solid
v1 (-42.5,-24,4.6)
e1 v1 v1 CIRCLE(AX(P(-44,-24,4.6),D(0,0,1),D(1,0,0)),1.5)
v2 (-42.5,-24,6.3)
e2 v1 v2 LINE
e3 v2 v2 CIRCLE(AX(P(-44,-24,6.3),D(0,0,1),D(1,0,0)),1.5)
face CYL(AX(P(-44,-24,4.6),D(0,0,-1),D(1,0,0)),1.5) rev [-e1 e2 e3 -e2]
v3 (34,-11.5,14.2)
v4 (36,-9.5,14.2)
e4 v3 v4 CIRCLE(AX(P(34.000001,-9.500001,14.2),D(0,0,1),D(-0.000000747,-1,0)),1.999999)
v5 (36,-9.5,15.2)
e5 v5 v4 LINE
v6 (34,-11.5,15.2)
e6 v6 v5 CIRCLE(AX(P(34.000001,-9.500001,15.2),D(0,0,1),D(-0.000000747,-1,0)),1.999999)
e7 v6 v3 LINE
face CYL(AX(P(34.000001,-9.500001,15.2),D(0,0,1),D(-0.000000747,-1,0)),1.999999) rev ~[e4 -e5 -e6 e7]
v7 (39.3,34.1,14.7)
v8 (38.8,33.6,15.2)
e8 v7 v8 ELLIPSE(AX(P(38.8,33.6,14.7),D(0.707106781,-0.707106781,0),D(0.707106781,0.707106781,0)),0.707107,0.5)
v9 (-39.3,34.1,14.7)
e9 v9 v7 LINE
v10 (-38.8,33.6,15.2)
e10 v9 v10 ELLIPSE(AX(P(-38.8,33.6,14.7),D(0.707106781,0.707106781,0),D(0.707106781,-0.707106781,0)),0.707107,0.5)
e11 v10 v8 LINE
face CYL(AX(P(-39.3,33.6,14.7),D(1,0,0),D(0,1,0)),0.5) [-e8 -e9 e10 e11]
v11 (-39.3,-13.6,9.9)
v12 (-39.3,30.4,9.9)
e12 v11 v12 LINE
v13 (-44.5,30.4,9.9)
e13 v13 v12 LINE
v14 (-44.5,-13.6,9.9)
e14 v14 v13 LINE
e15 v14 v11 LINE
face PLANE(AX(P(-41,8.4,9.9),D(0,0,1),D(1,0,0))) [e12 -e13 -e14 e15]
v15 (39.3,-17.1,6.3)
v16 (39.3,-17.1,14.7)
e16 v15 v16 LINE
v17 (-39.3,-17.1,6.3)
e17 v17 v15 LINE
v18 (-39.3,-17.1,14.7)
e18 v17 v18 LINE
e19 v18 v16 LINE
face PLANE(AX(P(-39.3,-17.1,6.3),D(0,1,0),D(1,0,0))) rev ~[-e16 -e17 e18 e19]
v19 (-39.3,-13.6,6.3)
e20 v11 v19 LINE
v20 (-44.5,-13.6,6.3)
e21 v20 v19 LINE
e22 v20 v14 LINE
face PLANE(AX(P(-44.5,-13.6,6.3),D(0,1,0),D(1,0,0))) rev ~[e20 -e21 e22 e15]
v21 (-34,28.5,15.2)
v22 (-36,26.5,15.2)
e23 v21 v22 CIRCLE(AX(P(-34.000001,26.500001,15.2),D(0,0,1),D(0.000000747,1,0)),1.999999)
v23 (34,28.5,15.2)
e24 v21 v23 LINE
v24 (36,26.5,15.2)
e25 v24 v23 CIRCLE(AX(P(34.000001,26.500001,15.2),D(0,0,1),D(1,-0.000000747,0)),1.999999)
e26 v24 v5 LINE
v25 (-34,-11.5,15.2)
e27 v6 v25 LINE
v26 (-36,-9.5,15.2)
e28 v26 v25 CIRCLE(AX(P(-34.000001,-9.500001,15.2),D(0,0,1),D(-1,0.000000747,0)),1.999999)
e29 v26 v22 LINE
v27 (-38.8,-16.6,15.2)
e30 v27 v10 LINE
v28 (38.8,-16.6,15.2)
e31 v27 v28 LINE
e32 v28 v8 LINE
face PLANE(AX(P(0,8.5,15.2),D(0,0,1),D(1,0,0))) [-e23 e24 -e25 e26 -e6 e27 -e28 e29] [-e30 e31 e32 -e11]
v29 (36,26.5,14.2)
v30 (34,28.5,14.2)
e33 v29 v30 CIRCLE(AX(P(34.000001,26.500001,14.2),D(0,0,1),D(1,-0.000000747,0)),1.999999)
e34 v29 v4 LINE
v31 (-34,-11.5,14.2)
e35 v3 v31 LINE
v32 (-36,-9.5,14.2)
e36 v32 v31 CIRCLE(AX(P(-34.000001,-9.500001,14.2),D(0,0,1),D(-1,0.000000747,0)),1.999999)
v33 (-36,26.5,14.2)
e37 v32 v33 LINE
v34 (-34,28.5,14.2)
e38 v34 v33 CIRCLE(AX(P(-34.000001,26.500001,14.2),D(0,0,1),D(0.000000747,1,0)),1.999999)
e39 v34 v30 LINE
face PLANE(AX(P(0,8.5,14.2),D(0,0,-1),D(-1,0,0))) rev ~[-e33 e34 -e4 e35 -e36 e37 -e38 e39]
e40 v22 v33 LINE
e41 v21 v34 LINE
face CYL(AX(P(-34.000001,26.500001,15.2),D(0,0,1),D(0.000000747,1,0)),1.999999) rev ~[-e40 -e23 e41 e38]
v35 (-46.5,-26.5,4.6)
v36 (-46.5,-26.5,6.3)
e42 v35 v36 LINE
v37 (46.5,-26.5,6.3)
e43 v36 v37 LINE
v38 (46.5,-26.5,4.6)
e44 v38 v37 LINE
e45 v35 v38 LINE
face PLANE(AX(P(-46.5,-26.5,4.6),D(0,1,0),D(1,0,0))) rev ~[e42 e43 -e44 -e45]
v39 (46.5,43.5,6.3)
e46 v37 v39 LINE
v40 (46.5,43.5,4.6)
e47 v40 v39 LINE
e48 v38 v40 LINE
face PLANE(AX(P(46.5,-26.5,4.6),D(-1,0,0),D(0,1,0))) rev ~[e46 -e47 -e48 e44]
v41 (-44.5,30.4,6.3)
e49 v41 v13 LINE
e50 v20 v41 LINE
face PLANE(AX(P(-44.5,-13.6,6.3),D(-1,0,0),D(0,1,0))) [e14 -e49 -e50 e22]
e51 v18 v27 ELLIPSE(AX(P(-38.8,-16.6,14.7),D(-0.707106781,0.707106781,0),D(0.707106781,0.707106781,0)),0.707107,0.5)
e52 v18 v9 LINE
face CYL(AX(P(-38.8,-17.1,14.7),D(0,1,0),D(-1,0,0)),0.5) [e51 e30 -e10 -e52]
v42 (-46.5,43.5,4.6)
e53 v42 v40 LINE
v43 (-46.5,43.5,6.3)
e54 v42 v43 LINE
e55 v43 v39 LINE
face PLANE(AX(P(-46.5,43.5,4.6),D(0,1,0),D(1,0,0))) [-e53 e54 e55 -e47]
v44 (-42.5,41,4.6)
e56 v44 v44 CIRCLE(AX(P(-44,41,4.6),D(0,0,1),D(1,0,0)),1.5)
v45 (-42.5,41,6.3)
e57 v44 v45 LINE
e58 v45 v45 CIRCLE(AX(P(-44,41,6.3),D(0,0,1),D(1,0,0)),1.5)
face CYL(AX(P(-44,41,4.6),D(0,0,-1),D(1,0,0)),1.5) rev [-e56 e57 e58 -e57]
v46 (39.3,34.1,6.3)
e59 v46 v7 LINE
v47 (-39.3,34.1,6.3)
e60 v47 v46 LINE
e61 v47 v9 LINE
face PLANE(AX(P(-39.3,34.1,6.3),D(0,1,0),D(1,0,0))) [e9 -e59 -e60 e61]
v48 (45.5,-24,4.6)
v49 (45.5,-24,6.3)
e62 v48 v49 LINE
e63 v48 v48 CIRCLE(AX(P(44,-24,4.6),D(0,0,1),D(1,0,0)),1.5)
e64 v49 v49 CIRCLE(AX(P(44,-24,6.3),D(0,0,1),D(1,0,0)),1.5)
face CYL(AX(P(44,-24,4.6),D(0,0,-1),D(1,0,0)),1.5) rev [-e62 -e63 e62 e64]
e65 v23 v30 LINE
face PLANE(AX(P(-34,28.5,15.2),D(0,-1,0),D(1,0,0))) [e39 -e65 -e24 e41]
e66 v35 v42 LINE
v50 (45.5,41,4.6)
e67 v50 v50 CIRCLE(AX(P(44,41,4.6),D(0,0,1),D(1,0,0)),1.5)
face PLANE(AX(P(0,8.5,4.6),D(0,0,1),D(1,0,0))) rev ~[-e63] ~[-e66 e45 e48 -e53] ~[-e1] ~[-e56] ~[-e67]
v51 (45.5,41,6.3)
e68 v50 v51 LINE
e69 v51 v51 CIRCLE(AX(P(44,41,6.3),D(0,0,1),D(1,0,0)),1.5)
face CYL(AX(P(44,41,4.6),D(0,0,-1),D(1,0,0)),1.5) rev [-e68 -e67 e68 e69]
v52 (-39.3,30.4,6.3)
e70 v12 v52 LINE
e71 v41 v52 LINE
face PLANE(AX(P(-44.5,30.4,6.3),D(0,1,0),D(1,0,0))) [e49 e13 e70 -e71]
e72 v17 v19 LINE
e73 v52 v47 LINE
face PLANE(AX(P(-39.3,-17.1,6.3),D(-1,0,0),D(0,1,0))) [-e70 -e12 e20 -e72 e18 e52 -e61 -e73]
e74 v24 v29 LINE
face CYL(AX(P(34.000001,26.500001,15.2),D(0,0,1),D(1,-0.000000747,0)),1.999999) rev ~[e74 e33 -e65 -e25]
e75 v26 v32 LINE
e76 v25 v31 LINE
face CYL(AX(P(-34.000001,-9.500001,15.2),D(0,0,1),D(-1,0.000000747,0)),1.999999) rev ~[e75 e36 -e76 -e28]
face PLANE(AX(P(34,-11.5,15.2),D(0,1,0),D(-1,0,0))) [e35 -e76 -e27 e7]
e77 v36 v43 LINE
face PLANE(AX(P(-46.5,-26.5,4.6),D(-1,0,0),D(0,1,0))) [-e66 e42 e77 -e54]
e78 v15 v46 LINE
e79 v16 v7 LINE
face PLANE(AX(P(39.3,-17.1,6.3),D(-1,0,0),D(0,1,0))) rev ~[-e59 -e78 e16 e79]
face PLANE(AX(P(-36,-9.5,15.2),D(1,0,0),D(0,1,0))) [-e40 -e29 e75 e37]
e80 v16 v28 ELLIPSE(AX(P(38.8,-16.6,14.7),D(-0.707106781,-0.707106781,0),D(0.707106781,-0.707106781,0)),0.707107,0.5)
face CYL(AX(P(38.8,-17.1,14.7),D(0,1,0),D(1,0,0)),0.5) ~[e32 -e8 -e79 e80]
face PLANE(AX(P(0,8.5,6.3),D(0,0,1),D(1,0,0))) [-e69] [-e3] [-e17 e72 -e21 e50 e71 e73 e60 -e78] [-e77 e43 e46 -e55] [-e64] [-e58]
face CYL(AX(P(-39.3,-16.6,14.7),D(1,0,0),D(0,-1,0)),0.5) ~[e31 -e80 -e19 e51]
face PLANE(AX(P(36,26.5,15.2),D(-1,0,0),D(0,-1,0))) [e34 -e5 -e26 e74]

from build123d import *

# Parameters (mm, degrees)
SKETCH001004_W  = 93
SKETCH001004_H  = 70
SKETCH001004_R  = 1.5
PAD002_DEPTH    = 1.7
SKETCH001005_W  = 78.6
SKETCH001005_H  = 51.2
PAD003_DEPTH    = 8.9
SKETCH001006_W  = 7
SKETCH001006_H  = 44
PAD004_DEPTH    = 3.6
FILLET003_R     = 0.5
POCKET002_DEPTH = 1


with BuildPart() as part:
    # Sketch001004 → Pad002 (new body)
    with BuildSketch(Plane.XY.offset(4.6)):
        with Locations((0, 8.5)):
            Rectangle(SKETCH001004_W, SKETCH001004_H)
        with Locations((-44, 41)):
            Circle(SKETCH001004_R, mode=Mode.SUBTRACT)
        with Locations((44, 41)):
            Circle(SKETCH001004_R, mode=Mode.SUBTRACT)
        with Locations((-44, -24)):
            Circle(SKETCH001004_R, mode=Mode.SUBTRACT)
        with Locations((44, -24)):
            Circle(SKETCH001004_R, mode=Mode.SUBTRACT)
    extrude(amount=PAD002_DEPTH)

    # Sketch001005 → Pad003 (new body)
    with BuildSketch(Plane.XY.offset(6.3)):
        with Locations((0, 8.5)):
            Rectangle(SKETCH001005_W, SKETCH001005_H)
    extrude(amount=PAD003_DEPTH)

    # Sketch001006 → Pad004 (new body)
    with BuildSketch(Plane.XY.offset(6.3)):
        with Locations((-41, 8.4)):
            Rectangle(SKETCH001006_W, SKETCH001006_H)
    extrude(amount=PAD004_DEPTH)

    # Fillet003
    fillet003_edges = [part.edges().sort_by_distance(p)[0] for p in [
        (0, -17.1, 15.2),
        (39.3, 8.5, 15.2),
        (0, 34.1, 15.2),
        (-39.3, 8.5, 15.2),
    ]]
    fillet(fillet003_edges, radius=FILLET003_R)

    # Sketch001014 → Pocket002 (cut)
    with BuildSketch(Plane.XY.offset(15.2)):
        with BuildLine():
            Line((-34, 28.5), (34, 28.5))
            ThreePointArc((36, 26.5), (35.414214, 27.914214), (34, 28.5))
            Line((36, 26.5), (36, -9.5))
            ThreePointArc((34, -11.5), (35.414214, -10.914214), (36, -9.5))
            Line((34, -11.5), (-34, -11.5))
            ThreePointArc((-36, -9.5), (-35.414214, -10.914214), (-34, -11.5))
            Line((-36, -9.5), (-36, 26.5))
            ThreePointArc((-34, 28.5), (-35.414214, 27.914214), (-36, 26.5))
        make_face()
    extrude(amount=-POCKET002_DEPTH, mode=Mode.SUBTRACT)


solid = part.part
